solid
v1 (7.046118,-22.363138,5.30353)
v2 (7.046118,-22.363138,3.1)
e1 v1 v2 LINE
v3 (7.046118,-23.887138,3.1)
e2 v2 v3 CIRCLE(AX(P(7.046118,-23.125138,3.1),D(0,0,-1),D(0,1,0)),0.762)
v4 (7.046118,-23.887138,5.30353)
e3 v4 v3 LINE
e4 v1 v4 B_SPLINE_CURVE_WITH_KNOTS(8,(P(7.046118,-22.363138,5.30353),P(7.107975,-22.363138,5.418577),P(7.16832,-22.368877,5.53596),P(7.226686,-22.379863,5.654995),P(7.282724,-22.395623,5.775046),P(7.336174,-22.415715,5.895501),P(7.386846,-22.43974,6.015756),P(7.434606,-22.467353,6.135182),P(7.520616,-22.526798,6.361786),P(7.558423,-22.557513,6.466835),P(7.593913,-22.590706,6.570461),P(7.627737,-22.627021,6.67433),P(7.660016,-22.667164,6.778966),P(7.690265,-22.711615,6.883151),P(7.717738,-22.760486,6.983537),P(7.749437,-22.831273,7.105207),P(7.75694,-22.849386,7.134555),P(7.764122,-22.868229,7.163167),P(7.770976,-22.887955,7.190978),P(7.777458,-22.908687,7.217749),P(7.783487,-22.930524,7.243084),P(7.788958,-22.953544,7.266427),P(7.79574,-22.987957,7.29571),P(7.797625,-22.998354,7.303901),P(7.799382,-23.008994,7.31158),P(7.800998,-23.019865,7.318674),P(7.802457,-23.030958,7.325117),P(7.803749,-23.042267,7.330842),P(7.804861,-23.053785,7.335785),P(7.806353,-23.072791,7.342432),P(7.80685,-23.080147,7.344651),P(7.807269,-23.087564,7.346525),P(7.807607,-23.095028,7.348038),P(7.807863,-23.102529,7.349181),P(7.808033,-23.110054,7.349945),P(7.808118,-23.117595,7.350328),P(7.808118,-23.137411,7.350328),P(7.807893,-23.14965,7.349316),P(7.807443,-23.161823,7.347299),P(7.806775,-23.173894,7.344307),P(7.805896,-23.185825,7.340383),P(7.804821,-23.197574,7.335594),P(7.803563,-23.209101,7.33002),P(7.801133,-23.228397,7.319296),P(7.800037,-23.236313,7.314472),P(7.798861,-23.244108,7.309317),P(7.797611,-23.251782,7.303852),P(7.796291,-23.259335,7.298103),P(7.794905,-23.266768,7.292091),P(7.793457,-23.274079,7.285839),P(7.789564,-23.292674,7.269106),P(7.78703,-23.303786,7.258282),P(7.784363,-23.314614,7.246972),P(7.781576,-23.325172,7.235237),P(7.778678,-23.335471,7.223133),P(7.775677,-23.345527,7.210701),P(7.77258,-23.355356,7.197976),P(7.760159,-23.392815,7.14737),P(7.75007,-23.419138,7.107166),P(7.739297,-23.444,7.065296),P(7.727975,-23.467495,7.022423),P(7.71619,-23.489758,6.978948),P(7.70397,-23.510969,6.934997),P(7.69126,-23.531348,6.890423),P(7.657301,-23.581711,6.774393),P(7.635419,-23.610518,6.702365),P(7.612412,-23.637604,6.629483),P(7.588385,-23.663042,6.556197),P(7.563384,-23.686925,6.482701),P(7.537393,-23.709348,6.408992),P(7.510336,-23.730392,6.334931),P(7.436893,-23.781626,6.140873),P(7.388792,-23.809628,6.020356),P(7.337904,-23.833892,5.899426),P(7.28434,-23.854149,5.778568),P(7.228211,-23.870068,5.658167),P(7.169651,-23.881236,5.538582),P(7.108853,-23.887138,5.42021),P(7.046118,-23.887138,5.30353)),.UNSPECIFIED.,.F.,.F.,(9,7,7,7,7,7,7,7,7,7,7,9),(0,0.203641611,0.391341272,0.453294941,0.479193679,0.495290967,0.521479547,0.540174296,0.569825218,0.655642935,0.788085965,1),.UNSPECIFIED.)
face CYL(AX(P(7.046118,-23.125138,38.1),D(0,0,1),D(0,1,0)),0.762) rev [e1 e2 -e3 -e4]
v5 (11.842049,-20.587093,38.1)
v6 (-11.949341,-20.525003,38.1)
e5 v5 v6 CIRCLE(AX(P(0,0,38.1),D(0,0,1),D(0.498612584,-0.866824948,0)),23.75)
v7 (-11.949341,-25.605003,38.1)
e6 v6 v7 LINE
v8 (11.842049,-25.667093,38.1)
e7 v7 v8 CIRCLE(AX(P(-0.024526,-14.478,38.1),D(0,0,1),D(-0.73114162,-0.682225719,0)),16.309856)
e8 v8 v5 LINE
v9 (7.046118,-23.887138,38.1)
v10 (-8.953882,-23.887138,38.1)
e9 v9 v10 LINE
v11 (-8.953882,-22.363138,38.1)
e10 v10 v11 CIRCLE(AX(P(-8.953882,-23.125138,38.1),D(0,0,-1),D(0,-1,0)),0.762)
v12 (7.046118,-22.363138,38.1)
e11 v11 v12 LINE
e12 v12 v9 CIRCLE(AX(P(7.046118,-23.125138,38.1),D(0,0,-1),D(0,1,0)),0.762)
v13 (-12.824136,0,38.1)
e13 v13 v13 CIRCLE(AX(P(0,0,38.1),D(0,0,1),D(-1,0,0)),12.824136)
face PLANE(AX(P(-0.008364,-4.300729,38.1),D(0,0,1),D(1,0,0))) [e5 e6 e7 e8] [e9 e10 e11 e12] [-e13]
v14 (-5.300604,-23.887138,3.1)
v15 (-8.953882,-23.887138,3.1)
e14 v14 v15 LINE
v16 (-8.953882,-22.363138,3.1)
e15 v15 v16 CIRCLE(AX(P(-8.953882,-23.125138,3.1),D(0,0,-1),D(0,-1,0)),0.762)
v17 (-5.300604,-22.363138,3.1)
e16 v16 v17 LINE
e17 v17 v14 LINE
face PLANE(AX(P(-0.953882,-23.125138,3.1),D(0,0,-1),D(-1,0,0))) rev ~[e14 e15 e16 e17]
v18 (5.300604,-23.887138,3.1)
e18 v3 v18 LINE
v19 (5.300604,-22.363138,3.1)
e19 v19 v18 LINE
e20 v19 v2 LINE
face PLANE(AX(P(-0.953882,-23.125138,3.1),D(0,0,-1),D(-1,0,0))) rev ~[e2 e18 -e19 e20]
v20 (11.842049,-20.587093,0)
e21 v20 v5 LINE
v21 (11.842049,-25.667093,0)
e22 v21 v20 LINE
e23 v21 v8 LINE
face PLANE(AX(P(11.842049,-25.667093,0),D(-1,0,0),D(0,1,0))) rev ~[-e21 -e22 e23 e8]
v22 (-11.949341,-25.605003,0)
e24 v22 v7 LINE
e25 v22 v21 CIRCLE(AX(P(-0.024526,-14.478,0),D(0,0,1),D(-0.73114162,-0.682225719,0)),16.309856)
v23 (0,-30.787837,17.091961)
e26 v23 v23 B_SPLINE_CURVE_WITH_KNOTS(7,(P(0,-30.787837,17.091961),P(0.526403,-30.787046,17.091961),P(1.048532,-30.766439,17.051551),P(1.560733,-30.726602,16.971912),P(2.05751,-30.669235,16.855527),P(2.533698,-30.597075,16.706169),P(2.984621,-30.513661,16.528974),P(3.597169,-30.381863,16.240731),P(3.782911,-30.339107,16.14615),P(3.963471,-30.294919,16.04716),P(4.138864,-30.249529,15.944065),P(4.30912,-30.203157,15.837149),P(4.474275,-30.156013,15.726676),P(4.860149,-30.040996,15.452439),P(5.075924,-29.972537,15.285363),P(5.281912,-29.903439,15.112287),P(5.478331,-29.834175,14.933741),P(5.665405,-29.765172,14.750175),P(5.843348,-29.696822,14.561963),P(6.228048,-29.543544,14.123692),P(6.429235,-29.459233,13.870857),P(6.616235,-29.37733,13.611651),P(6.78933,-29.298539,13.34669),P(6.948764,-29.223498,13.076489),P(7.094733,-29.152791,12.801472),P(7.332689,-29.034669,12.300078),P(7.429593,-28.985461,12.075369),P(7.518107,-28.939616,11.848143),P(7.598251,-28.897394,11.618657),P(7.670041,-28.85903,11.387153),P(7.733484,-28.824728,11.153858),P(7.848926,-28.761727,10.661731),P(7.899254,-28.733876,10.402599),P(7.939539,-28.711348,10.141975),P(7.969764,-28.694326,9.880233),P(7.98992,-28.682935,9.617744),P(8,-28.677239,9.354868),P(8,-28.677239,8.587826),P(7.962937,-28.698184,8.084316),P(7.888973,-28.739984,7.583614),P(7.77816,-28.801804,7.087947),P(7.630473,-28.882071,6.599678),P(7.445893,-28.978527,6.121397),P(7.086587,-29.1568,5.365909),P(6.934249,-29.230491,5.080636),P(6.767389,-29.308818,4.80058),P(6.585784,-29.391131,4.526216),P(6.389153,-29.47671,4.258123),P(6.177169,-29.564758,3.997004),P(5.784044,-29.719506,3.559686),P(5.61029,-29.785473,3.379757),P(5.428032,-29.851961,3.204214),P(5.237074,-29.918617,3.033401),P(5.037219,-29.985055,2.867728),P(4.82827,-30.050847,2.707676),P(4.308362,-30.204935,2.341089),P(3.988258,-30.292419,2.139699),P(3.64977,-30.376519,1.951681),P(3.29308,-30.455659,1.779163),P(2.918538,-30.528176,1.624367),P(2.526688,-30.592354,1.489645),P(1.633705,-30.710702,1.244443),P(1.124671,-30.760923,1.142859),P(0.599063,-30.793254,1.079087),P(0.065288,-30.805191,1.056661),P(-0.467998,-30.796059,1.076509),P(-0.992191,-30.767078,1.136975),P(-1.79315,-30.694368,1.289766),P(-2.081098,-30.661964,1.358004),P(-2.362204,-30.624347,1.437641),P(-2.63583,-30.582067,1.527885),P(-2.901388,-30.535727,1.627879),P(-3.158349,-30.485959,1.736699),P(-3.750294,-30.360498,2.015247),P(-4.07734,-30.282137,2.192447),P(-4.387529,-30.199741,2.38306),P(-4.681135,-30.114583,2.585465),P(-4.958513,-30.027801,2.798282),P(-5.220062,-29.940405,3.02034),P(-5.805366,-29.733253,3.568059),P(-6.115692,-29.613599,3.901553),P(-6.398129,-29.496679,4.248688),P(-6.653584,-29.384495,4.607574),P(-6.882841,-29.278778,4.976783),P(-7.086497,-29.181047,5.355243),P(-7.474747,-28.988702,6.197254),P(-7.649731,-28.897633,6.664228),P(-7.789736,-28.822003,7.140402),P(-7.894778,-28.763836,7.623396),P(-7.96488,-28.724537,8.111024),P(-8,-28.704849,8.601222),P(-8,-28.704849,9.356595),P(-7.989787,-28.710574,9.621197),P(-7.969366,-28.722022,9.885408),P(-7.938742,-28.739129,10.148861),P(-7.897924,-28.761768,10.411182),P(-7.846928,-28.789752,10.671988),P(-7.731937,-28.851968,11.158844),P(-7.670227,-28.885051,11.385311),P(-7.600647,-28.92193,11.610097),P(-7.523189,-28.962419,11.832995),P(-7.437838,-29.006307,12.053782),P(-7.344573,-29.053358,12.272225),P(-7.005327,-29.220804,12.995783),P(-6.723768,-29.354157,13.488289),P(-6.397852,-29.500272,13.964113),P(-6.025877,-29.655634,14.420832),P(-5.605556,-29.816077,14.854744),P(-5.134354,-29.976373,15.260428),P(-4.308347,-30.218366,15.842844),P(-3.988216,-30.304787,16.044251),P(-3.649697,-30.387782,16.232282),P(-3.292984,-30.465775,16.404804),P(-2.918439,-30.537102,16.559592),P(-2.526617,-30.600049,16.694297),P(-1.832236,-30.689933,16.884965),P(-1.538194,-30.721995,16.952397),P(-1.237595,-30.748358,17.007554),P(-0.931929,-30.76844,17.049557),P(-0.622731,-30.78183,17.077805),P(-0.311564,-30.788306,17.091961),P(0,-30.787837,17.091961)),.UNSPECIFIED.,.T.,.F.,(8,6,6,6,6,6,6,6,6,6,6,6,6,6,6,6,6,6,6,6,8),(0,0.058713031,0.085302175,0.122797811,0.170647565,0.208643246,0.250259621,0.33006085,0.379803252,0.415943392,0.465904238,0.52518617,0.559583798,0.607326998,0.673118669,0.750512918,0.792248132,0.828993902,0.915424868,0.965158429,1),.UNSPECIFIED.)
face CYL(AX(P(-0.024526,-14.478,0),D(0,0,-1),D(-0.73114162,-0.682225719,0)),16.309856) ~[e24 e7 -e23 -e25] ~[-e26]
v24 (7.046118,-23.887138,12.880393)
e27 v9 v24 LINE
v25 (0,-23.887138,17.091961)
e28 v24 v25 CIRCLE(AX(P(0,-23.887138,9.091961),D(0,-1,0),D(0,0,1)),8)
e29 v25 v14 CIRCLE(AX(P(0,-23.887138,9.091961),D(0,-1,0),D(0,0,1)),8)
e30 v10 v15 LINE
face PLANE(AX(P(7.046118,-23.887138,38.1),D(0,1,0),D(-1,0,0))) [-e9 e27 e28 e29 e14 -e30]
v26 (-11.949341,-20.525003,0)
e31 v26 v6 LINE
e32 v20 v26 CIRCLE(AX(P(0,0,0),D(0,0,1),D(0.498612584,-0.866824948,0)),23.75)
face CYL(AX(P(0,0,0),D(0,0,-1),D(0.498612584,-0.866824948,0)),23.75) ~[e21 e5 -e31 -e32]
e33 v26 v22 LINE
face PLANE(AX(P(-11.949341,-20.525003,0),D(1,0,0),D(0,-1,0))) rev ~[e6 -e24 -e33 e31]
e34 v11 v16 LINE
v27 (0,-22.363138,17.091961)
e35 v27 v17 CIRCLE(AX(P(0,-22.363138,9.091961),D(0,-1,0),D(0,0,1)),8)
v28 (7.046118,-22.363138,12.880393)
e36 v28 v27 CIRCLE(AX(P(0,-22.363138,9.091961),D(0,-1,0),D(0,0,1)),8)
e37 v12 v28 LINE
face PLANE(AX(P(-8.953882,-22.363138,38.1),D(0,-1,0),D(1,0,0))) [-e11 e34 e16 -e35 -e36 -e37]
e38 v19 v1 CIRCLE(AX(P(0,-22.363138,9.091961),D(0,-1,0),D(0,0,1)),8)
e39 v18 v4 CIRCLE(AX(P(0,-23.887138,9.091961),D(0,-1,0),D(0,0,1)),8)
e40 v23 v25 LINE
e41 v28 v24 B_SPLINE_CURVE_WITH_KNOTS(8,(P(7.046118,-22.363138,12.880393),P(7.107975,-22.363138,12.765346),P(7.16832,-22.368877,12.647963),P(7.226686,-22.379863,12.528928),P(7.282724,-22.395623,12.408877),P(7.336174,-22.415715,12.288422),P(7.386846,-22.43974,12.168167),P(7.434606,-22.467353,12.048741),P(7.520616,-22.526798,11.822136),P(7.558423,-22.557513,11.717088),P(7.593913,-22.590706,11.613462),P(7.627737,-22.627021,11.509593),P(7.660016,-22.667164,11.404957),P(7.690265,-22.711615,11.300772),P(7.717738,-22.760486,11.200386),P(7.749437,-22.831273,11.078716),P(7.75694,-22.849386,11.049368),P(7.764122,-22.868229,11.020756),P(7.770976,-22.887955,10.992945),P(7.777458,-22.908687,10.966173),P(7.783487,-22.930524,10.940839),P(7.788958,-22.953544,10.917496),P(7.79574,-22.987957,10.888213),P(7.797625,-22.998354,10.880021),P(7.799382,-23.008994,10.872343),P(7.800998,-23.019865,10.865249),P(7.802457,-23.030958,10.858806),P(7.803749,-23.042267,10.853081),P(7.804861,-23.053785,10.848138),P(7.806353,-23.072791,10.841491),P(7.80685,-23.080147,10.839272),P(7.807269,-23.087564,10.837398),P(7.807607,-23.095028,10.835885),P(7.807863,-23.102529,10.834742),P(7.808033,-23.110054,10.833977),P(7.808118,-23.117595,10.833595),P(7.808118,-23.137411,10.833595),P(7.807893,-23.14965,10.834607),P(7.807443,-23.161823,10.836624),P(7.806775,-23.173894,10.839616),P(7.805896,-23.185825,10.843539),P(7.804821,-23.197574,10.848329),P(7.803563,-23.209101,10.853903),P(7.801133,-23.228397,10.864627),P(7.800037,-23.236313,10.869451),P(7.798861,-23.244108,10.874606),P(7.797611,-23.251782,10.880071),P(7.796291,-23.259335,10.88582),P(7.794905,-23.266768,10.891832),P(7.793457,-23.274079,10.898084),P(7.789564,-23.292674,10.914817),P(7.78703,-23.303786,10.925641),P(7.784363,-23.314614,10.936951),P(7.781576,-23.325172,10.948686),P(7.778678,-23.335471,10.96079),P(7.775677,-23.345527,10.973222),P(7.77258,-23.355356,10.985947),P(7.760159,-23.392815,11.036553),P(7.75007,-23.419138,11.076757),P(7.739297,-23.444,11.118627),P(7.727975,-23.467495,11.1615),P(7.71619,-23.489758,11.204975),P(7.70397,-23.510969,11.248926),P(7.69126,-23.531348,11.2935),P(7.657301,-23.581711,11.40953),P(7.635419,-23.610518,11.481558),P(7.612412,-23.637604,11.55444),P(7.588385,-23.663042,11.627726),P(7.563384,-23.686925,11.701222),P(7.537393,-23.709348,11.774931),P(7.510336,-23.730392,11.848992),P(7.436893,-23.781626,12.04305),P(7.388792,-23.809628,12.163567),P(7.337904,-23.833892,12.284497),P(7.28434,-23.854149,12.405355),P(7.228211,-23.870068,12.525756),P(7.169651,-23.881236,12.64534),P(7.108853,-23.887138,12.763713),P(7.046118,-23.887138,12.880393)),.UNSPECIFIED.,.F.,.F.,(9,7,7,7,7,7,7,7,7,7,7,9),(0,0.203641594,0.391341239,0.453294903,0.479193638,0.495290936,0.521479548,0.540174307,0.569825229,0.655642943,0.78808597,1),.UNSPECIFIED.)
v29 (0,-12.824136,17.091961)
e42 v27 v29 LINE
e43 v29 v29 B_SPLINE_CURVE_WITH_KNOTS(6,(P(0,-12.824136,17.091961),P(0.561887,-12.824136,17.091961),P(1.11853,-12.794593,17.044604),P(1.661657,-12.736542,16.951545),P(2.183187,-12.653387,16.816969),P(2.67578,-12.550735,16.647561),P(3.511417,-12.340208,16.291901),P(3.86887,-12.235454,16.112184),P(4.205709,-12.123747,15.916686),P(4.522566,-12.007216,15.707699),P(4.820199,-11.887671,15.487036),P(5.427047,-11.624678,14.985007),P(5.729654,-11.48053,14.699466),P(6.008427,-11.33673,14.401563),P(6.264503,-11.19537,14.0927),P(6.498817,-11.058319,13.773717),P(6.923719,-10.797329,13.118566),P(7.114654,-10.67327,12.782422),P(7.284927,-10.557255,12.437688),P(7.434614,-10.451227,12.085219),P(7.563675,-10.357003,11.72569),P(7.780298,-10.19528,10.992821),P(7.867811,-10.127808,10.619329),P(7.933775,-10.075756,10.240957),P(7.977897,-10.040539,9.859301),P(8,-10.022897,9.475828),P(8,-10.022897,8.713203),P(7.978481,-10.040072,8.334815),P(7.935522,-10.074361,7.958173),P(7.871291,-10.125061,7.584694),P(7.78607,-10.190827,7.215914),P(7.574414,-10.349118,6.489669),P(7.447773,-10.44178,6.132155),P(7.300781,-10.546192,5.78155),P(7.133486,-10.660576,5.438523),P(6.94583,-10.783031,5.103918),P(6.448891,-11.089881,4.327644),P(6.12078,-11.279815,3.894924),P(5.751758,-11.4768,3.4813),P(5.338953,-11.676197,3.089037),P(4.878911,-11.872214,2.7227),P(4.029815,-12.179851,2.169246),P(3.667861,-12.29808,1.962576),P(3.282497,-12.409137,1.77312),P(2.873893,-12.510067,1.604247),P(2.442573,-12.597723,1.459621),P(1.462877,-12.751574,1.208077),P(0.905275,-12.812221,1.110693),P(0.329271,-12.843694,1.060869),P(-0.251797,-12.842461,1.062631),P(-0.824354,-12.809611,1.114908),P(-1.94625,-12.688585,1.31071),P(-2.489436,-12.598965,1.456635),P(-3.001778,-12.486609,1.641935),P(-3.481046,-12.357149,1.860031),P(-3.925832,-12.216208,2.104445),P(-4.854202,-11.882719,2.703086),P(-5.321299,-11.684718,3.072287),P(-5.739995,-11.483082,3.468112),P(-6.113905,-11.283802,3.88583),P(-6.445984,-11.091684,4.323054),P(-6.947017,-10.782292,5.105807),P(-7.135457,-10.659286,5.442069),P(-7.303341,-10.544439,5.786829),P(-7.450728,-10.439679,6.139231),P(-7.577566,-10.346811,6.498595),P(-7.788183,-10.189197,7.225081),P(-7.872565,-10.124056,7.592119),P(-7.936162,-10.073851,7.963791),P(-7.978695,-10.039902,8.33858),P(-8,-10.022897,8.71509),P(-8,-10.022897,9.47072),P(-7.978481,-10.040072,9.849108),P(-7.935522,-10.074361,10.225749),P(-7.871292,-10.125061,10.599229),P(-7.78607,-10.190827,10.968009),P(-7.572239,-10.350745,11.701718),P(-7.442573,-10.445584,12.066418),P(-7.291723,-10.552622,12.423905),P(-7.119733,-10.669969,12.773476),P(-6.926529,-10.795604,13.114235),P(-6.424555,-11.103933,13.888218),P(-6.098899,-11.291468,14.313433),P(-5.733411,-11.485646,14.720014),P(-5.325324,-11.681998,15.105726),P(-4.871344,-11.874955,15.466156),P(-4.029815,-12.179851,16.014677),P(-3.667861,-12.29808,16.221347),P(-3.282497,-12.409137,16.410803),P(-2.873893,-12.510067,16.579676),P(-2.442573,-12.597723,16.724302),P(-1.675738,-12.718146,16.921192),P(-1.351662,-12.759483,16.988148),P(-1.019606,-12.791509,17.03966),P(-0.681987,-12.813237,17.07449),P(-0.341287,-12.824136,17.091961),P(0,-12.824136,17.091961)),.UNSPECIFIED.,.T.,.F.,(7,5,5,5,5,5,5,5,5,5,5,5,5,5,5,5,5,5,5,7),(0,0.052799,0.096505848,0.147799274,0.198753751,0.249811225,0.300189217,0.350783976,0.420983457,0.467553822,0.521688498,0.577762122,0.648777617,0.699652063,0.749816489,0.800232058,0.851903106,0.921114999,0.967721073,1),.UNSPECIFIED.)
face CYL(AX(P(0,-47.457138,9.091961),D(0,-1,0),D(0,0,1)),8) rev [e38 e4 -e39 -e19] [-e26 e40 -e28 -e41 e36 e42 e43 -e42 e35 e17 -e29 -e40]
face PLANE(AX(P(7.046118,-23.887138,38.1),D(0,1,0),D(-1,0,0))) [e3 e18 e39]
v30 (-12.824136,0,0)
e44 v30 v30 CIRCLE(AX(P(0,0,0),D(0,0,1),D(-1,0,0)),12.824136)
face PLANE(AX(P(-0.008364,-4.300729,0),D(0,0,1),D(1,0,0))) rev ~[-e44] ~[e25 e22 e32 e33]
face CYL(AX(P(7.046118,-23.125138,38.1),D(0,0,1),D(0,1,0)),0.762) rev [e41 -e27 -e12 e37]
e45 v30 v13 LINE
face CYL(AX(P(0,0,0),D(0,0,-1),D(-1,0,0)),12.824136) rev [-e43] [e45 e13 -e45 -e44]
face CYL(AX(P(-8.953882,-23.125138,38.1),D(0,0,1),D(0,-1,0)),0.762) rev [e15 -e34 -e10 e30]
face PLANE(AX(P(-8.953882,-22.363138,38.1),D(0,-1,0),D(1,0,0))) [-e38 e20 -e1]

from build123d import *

# Parameters (mm, degrees)
SKETCH1_R               = 12.824135806
BOSS_EXTRUDE2_DEPTH     = 38.1
CUT_EXTRUDE1_DEPTH      = 35
CUT_EXTRUDE2_DEPTH      = 23.57
CUT_EXTRUDE2_DEPTH_BACK = 23.57
SKETCH6_R               = 8


with BuildPart() as part:
    # Sketch1 → Boss-Extrude2 (new body)
    with BuildSketch(Plane.XY):
        with BuildLine():
            Line((11.842048876, -25.66709252), (11.842048876, -20.58709252))
            ThreePointArc((11.842048876, -20.58709252), (0.061981133, 23.749919123), (-11.94934079, -20.525003159))
            Line((-11.94934079, -20.525003159), (-11.94934079, -25.605003159))
            ThreePointArc((-11.94934079, -25.605003159), (-0.067090695, -30.787800341), (11.842048876, -25.66709252))
        make_face()
        Circle(SKETCH1_R, mode=Mode.SUBTRACT)
    extrude(amount=BOSS_EXTRUDE2_DEPTH)

    # Sketch3 → Cut-Extrude1 (cut)
    with BuildSketch(Plane.XY.offset(38.1)):
        with BuildLine():
            Line((-8.95388159, -22.363138181), (7.04611841, -22.363138181))
            ThreePointArc((7.04611841, -22.363138181), (7.80811841, -23.125138181), (7.04611841, -23.887138181))
            Line((7.04611841, -23.887138181), (-8.95388159, -23.887138181))
            ThreePointArc((-8.95388159, -23.887138181), (-9.71588159, -23.125138181), (-8.95388159, -22.363138181))
        make_face()
    extrude(amount=-CUT_EXTRUDE1_DEPTH, mode=Mode.SUBTRACT)

    # Sketch6 → Cut-Extrude2 (cut, two sides: drawn at the far end of the back side and taken through both)
    with BuildSketch(Plane(origin=(0, -23.887138181, 0), x_dir=(1, 0, 0), z_dir=(0, 1, 0)).offset(-CUT_EXTRUDE2_DEPTH_BACK)):
        with Locations((0, -9.09196145)):
            Circle(SKETCH6_R)
    extrude(amount=CUT_EXTRUDE2_DEPTH + CUT_EXTRUDE2_DEPTH_BACK, mode=Mode.SUBTRACT)


solid = part.part
